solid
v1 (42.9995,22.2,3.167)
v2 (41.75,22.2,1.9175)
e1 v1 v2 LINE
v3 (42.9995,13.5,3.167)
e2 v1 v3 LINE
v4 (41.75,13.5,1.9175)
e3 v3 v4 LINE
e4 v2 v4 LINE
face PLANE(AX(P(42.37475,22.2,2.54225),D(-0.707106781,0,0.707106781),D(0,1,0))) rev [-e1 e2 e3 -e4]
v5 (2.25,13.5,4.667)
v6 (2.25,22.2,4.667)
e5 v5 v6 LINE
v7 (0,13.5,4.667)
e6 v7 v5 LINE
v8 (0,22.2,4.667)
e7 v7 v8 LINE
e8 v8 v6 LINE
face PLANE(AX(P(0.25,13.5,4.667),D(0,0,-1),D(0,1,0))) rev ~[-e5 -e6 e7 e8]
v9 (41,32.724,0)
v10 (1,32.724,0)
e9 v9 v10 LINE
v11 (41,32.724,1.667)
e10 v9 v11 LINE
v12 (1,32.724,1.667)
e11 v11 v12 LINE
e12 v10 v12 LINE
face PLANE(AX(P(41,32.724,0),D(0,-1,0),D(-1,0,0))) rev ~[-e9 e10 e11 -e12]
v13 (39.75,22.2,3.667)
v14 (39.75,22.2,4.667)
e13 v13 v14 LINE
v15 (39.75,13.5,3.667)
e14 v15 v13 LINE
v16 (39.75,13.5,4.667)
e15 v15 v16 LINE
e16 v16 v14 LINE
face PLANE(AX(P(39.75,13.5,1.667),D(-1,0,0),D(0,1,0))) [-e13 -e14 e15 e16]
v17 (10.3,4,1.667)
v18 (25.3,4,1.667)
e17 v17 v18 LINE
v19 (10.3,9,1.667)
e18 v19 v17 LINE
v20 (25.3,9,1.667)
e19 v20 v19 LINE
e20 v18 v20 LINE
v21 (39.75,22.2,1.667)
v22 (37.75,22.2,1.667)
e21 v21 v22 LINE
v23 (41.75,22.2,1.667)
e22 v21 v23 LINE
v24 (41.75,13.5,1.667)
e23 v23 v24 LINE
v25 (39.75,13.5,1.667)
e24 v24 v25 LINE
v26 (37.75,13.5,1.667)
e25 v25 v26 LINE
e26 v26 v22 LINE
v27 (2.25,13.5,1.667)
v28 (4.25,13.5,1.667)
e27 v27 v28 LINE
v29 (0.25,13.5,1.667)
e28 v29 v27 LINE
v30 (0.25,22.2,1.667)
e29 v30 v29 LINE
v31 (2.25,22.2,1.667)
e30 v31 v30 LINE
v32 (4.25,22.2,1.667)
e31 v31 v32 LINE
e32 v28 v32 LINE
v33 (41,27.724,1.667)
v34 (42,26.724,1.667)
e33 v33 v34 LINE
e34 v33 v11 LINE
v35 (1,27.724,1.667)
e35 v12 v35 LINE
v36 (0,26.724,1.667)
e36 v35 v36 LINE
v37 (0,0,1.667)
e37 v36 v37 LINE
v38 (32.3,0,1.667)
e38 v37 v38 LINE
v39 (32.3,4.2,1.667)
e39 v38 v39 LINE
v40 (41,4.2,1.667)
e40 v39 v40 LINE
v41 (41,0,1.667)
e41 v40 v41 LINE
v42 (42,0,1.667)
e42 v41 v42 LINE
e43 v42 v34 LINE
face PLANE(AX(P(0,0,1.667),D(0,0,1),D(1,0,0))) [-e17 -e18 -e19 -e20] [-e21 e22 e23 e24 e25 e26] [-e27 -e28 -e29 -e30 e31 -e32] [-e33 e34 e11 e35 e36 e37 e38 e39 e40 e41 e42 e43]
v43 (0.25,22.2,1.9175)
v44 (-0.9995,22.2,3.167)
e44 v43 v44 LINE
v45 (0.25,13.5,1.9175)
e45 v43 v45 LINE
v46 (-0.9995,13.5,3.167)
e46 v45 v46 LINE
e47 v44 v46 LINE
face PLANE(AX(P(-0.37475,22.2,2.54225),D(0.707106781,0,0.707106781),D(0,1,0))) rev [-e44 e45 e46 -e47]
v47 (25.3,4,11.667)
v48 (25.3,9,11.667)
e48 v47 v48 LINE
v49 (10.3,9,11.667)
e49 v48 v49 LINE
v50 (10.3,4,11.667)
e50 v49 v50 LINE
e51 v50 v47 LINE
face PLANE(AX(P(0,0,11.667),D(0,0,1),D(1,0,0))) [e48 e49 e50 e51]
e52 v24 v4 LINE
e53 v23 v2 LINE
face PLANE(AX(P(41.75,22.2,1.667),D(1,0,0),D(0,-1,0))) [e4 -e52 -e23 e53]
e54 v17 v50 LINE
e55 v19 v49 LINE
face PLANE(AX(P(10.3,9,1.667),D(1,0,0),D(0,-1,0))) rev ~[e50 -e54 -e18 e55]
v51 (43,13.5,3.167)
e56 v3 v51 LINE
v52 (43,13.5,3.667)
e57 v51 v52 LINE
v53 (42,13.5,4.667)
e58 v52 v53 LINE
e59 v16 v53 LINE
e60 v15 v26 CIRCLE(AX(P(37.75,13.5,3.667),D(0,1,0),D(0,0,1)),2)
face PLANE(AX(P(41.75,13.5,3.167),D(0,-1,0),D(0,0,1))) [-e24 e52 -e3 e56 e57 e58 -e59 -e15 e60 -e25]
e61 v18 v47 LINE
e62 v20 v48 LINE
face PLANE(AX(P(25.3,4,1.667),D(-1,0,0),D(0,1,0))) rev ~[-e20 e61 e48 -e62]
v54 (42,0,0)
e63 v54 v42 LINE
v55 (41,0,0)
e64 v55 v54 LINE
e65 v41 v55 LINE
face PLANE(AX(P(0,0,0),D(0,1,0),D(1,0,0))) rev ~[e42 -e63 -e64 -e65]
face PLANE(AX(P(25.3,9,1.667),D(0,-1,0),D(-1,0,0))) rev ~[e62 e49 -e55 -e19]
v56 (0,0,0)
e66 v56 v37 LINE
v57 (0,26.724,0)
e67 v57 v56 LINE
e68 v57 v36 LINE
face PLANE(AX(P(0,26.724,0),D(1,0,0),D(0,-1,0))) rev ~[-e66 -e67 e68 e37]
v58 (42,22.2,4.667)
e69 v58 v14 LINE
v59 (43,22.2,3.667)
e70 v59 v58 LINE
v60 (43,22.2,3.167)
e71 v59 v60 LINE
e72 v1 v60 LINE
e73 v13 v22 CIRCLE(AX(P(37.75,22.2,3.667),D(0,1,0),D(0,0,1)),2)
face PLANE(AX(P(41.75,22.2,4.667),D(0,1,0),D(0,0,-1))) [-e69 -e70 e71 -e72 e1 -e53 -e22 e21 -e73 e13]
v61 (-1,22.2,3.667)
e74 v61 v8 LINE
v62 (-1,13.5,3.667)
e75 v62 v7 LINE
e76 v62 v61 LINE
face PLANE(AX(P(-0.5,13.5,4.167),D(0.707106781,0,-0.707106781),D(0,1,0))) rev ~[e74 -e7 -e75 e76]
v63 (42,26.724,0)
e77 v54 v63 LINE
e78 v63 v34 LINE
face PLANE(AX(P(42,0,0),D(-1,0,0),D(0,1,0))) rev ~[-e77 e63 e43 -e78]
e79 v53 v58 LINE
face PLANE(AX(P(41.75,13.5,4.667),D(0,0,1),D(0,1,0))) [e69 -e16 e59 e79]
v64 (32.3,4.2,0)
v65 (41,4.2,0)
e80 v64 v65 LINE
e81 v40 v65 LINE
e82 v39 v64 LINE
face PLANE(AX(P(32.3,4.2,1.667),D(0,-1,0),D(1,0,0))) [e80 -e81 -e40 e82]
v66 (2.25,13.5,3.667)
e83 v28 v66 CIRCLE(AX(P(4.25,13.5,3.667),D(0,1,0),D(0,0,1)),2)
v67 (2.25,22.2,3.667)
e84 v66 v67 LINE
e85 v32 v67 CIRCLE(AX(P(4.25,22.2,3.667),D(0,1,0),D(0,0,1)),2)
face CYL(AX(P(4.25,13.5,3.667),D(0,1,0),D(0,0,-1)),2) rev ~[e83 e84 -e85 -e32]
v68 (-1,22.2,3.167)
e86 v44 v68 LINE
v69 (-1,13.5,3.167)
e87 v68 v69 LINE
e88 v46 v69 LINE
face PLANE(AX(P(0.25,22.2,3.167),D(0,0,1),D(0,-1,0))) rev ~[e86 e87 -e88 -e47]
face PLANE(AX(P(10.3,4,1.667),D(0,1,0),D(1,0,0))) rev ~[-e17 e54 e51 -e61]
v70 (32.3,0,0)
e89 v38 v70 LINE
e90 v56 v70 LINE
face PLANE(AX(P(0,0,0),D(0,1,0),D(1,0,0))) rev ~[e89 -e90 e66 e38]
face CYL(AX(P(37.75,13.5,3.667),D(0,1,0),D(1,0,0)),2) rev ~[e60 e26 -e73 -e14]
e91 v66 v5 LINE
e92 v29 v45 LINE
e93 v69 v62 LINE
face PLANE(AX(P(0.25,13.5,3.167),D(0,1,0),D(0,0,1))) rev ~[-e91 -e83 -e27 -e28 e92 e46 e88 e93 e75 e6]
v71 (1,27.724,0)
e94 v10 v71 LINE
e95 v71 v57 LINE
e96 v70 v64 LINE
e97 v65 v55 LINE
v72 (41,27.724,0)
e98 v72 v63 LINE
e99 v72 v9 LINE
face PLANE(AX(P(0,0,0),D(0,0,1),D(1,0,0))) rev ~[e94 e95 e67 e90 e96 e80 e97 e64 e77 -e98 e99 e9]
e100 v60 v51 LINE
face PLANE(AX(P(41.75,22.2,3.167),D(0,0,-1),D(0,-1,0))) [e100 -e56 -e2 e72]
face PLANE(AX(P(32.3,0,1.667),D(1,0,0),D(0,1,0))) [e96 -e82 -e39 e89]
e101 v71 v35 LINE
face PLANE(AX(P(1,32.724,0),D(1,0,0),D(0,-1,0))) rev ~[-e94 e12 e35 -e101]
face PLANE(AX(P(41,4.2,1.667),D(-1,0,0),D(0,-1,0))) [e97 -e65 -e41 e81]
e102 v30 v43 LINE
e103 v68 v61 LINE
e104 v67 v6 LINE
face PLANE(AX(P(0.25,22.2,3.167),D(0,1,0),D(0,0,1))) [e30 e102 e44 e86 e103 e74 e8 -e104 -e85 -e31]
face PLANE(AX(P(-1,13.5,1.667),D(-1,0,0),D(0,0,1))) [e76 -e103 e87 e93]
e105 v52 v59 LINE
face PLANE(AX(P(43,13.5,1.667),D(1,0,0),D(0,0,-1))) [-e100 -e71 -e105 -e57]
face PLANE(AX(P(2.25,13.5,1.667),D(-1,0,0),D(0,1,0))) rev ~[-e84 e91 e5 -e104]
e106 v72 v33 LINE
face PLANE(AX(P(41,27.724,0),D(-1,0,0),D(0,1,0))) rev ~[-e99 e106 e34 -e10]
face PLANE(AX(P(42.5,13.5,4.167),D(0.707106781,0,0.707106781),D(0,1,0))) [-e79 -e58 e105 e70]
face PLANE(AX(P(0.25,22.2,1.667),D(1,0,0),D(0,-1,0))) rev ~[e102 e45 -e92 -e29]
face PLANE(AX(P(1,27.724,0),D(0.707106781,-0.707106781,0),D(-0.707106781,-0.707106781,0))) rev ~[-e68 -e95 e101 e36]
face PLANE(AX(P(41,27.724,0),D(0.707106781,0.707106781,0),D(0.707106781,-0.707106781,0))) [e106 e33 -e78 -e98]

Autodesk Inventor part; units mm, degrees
ref_plane "YZ Plane" through (0, 0, 0) normal (1, 0, 0) x (0, 1, 0)
ref_plane "XZ Plane" through (0, 0, 0) normal (0, 1, 0) x (-1, 0, 0)
ref_plane "XY Plane" through (0, 0, 0) normal (0, 0, 1) x (1, 0, 0)
sketch "Sketch1" plane through (0, 0, 0) normal (0, 0, 1) x (1, 0, 0)
  line L0 (0, 0) -> (42, 0)
  line L1 (42, 0) -> (42, 26.724)
  line L2 (0, 26.724) -> (0, 26.724)
  line L3 (0, 26.724) -> (0, 0)
  line L4 (1, 26.724) -> (41, 26.724)
  line L5 (41, 27.724) -> (41, 32.724)
  line L6 (41, 32.724) -> (1, 32.724)
  line L7 (1, 32.724) -> (1, 27.724)
  line L8 (1, 27.724) -> (0, 26.724)
  line L9 (42, 26.724) -> (42, 26.724)
  line L10 (41, 27.724) -> (42, 26.724)
  point P0 (42, 26.724)
  dimension "d0" = 26.724
  dimension "d1" = 42
  dimension "d2" = 0
  dimension "d3" = 40
  dimension "d4" = 1
  dimension "d5" = 1
  dimension "d6" = 1
  dimension "d7" = 1
  dimension "d8" = 1
  dimension "d9" = 5
extrude "Extrusion1" add sketch "Sketch1" along normal blind 1.667
sketch "Sketch2" plane through (0, 0, 1.667) normal (0, 0, 1) x (1, 0, 0)
  line L0 (32.3, 4.2) -> (41, 4.2)
  line L1 (41, 4.2) -> (41, 0)
  line L2 (41, 0) -> (32.3, 0)
  line L3 (32.3, 0) -> (32.3, 4.2)
  line L4 (0, 0) -> (42, 0) projected
  line L5 (1, 32.724) -> (1, 27.724) projected
  line L6 (41, 27.724) -> (41, 32.724) projected
  dimension "d12" = 0
  dimension "d14" = 8.7
  dimension "d15" = 4.2
  dimension "d18" = 0
extrude "Extrusion2" cut sketch "Sketch2" against normal blind 2.083
sketch "Sketch3" plane through (0, 0, 1.667) normal (0, 0, 1) x (1, 0, 0)
  line L0 (41.75, 13.5) -> (39.75, 13.5)
  line L1 (39.75, 13.5) -> (39.75, 22.2)
  line L2 (39.75, 22.2) -> (41.75, 22.2)
  line L3 (41.75, 22.2) -> (41.75, 13.5)
  line L4 (0.25, 13.5) -> (2.25, 13.5)
  line L5 (2.25, 13.5) -> (2.25, 22.2)
  line L6 (2.25, 22.2) -> (0.25, 22.2)
  line L7 (0.25, 22.2) -> (0.25, 13.5)
  line L8 (0, 0) -> (32.3, 0) projected
  line L9 (0, 26.724) -> (0, 0) projected
  line L10 (42, 0) -> (42, 26.724) projected
  dimension "d19" = 13.5
  dimension "d20" = 0
  dimension "d21" = 22.2
  dimension "d22" = 0
  dimension "d23" = 0.25
  dimension "d24" = 0.25
  dimension "d25" = 2
  dimension "d26" = 2
extrude "Extrusion3" add sketch "Sketch3" along normal blind 3
sketch "Sketch4" plane through (0.25, 13.5, 1.667) normal (-1, 0, 0) x (0, 0, 1)
  line L0 (0, 8.7) -> (3, 8.7) projected
  line L1 (3, 8.7) -> (1.5, 8.7)
  line L2 (1.5, 8.7) -> (1.5, 0)
  line L3 (1.5, 0) -> (3, 0)
  line L4 (3, 0) -> (3, 8.7)
  line L5 (0, 0) -> (3, 0) projected
  line L6 (0, 13.224) -> (0, -13.5) projected
  point P0 (-1.667, -13.5)
  dimension "d29" = 0
  dimension "d30" = 1.5
extrude "Extrusion4" add sketch "Sketch4" along normal blind 1.25 contours L0 L4 L3 L2
sketch "Sketch5" plane through (41.75, 13.5, 1.667) normal (1, 0, 0) x (0, 0, -1)
  line L0 (-3, 0) -> (-3, 8.7) projected
  line L1 (-3, 8.7) -> (-1.5, 8.7)
  line L2 (-1.5, 8.7) -> (-1.5, 0)
  line L3 (-1.5, 0) -> (-3, 0)
  line L4 (-3, 0) -> (-3, 8.7)
  line L5 (0, -13.5) -> (0, 13.224) projected
  line L6 (0, 0) -> (-3, 0) projected
  point P0 (1.667, -13.5)
  dimension "d33" = 1.5
  dimension "d34" = 0
extrude "Extrusion5" add sketch "Sketch5" along normal blind 1.25
chamfer "Chamfer1" distance 1.25 angle 45 2 edges at (41.75, 17.85, 3.167) (0.25, 17.85, 3.167)
sketch "Sketch6" plane through (0, 0, 1.667) normal (0, 0, 1) x (1, 0, 0)
  line L0 (10.3, 4) -> (25.3, 4)
  line L1 (25.3, 4) -> (25.3, 9)
  line L2 (25.3, 9) -> (10.3, 9)
  line L3 (10.3, 9) -> (10.3, 4)
  line L4 (0, 0) -> (32.3, 0) projected
  line L5 (32.3, 0) -> (32.3, 4.2) projected
  dimension "d40" = 4
  dimension "d41" = 15
  dimension "d42" = 5
  dimension "d43" = 7
extrude "Extrusion6" add sketch "Sketch6" along normal blind 10
chamfer "Chamfer2" distance 1 angle 45 2 edges at (43, 17.85, 4.667) (-1, 17.85, 4.667)
fillet "Fillet1" radius 2 2 edges at (39.75, 17.85, 1.667) (2.25, 17.85, 1.667)
equation "\"d6\" = d5"
equation "\"d8\" = d7"
properties part number "eonPCBcover"
